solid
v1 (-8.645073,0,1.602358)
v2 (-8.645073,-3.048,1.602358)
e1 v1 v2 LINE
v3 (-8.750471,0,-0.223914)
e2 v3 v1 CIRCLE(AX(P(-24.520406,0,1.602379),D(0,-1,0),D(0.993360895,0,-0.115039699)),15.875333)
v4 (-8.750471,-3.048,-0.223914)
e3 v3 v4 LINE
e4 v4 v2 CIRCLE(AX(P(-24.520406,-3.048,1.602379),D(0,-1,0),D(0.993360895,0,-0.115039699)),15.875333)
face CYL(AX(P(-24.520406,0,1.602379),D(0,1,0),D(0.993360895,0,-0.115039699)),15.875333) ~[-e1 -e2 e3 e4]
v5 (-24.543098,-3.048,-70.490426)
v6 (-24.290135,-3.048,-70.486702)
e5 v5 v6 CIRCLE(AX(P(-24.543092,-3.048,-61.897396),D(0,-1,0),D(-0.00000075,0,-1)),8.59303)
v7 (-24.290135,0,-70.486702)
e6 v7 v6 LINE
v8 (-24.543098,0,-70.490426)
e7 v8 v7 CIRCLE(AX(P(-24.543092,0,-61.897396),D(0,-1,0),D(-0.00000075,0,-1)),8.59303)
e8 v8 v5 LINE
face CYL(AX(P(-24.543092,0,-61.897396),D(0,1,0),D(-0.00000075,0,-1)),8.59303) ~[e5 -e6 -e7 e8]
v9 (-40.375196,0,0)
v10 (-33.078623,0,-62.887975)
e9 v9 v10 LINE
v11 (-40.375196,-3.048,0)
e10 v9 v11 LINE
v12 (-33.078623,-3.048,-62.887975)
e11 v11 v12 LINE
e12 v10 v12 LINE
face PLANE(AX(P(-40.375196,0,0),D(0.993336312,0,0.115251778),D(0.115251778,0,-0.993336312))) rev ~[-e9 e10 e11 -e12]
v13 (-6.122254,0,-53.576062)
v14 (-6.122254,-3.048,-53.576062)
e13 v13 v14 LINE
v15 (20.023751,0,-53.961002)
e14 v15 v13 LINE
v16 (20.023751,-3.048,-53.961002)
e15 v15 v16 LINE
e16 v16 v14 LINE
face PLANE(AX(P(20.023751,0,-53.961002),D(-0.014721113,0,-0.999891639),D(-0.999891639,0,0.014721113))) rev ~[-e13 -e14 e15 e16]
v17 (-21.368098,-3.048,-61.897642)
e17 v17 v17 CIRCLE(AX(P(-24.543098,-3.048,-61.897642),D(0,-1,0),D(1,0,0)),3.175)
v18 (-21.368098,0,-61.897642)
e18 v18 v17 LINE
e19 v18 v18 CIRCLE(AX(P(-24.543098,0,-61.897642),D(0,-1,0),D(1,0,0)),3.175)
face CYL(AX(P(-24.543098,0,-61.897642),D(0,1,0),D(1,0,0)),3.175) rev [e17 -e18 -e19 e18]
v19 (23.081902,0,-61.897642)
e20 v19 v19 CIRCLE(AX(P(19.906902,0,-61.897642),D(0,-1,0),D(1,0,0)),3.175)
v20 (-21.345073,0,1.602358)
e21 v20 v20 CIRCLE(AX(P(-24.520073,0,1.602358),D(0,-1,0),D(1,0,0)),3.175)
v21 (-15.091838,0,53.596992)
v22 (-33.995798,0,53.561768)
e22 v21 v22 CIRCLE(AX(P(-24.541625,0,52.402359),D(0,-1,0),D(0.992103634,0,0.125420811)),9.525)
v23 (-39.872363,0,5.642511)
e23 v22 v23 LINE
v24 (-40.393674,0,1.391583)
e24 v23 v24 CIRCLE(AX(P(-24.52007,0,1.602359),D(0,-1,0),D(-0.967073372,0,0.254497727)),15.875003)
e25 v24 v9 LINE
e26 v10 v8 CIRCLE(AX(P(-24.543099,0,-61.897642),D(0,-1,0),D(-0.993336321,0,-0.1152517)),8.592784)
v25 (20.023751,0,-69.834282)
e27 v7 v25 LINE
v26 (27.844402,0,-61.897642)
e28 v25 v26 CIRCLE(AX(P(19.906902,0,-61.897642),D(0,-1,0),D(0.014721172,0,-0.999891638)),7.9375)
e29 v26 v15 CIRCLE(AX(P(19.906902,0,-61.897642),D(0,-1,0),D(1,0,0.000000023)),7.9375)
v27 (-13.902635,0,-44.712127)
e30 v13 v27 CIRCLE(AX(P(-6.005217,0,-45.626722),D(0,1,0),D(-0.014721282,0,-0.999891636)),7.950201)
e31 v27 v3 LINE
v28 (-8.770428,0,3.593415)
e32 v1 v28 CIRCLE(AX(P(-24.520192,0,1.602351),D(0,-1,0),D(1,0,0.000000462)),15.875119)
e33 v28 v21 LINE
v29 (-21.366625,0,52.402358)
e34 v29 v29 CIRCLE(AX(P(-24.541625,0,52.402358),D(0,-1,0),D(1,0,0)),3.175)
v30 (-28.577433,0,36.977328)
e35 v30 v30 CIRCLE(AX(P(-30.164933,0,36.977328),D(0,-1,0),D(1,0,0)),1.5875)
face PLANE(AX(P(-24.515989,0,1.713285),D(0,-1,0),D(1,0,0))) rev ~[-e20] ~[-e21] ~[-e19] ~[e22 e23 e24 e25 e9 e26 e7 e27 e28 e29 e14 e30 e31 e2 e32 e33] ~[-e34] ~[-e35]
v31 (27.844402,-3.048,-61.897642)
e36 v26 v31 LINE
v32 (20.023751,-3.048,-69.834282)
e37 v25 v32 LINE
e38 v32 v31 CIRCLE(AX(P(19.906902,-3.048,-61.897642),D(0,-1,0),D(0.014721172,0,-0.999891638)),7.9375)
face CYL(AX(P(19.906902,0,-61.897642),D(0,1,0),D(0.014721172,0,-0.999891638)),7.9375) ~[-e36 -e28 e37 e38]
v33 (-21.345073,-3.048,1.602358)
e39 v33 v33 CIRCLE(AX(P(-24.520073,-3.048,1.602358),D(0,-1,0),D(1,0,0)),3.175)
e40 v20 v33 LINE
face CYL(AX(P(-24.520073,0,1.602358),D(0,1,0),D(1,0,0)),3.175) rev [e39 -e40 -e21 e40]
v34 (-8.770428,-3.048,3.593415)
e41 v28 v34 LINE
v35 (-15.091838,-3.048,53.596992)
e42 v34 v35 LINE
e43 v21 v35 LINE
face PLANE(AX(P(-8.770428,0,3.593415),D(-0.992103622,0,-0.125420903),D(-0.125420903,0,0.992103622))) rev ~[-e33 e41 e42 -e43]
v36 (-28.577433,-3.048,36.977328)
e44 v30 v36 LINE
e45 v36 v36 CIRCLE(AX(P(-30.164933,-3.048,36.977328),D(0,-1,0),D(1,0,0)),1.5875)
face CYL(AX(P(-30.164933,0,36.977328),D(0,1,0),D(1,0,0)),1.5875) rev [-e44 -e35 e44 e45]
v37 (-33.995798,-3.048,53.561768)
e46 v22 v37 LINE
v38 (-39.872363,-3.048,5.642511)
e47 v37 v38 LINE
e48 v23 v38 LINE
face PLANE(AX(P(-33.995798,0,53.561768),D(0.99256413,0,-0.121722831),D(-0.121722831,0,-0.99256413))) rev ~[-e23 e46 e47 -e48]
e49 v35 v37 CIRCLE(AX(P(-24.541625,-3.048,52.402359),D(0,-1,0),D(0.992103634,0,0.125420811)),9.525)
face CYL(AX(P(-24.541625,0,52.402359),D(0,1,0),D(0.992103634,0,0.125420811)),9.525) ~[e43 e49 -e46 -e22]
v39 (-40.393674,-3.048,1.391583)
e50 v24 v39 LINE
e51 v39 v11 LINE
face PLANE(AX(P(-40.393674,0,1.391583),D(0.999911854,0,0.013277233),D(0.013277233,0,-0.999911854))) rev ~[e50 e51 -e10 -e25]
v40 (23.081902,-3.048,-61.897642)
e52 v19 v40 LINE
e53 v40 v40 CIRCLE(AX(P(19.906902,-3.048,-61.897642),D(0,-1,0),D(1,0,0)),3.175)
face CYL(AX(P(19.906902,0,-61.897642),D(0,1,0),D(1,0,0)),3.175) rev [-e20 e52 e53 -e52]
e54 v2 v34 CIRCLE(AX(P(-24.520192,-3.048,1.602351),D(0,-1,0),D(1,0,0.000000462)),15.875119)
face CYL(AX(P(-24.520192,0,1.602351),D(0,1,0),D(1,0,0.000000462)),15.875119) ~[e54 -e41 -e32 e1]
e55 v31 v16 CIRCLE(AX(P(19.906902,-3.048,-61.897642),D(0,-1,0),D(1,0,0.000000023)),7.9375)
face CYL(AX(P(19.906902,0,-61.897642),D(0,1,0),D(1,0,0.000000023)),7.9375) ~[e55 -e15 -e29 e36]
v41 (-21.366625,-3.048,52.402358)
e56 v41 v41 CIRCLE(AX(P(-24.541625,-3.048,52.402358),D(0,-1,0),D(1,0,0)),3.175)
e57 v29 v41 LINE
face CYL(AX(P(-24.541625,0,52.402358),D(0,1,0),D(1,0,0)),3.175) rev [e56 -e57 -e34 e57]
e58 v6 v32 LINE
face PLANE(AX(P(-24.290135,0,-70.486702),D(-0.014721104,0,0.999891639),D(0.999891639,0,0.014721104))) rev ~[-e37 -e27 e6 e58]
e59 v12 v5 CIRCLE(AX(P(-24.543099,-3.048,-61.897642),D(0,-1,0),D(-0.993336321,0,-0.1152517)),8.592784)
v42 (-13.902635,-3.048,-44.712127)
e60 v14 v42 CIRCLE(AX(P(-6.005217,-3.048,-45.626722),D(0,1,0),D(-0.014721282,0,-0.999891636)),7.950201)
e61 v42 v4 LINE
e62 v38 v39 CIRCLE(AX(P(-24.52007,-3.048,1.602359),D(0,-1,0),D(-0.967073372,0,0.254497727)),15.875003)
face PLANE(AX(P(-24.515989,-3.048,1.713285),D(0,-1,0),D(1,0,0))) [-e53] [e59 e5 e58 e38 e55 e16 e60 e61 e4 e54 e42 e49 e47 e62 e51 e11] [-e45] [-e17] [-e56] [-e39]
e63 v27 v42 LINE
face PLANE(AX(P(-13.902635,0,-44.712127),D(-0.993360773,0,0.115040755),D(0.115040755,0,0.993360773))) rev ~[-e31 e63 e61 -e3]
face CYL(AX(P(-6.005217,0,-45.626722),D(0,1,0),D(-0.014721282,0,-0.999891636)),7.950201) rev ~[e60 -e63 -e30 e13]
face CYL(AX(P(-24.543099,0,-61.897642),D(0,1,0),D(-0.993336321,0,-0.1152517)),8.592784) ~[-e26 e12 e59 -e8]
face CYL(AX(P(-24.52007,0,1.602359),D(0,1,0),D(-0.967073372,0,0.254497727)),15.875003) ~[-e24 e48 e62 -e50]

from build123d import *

# Parameters (mm, degrees)
F0_R     = 3.175
F0_R_2   = 1.5875
F1_DEPTH = 3.048


with BuildPart() as f1:
    # F0 (on Front) → F1 (new body)
    with BuildSketch(Plane.XZ):
        with BuildLine():
            Line((-39.872363, 5.642511), (-40.393674, 1.391583))
            ThreePointArc((-40.393674, 1.391583), (-25.329494, -14.251993), (-8.750471, -0.223914))
            ThreePointArc((-8.750471, -0.223914), (-8.671445, 0.687703), (-8.645073, 1.602358))
            ThreePointArc((-8.645073, 1.602358), (-8.676443, 2.599858), (-8.770428, 3.593415))
            ThreePointArc((-8.770428, 3.593415), (-23.476439, 17.443016), (-39.872363, 5.642511))
        make_face()
        with Locations((-24.520073, 1.602358)):
            Circle(F0_R, mode=Mode.SUBTRACT)
        with BuildLine():
            ThreePointArc((-39.872363, 5.642511), (-40.277029, 3.534708), (-40.393674, 1.391583))
            Line((-40.393674, 1.391583), (-39.872363, 5.642511))
        make_face()
        with BuildLine():
            ThreePointArc((-8.750471, -0.223914), (-25.329494, -14.251993), (-40.393674, 1.391583))
            Line((-40.393674, 1.391583), (-40.375196, 0))
            Line((-40.375196, 0), (-33.078623, -62.887975))
            ThreePointArc((-33.078623, -62.887975), (-25.039092, -53.319184), (-15.950314, -61.897642))
            ThreePointArc((-15.950314, -61.897642), (-18.378295, -67.883554), (-24.290135, -70.486702))
            Line((-24.290135, -70.486702), (20.023751, -69.834282))
            ThreePointArc((20.023751, -69.834282), (11.969402, -61.897642), (20.023751, -53.961002))
            Line((20.023751, -53.961002), (-6.122254, -53.576062))
            ThreePointArc((-6.122254, -53.576062), (-11.980182, -50.87129), (-13.902635, -44.712127))
            Line((-13.902635, -44.712127), (-8.750471, -0.223914))
        make_face()
        with BuildLine():
            Line((-33.995798, 53.561768), (-39.872363, 5.642511))
            ThreePointArc((-39.872363, 5.642511), (-23.476439, 17.443016), (-8.770428, 3.593415))
            Line((-8.770428, 3.593415), (-15.091838, 53.596992))
            ThreePointArc((-15.091838, 53.596992), (-15.035447, 53.000858), (-15.016625, 52.402358))
            ThreePointArc((-15.016625, 52.402358), (-25.12241, 42.895081), (-33.995798, 53.561768))
        make_face()
        with Locations((-30.164933, 36.977328)):
            Circle(F0_R_2, mode=Mode.SUBTRACT)
        with BuildLine():
            ThreePointArc((-15.091838, 53.596992), (-24.559373, 61.927342), (-33.995798, 53.561768))
            ThreePointArc((-33.995798, 53.561768), (-25.12241, 42.895081), (-15.016625, 52.402358))
            ThreePointArc((-15.016625, 52.402358), (-15.035447, 53.000858), (-15.091838, 53.596992))
        make_face()
        with Locations((-24.541625, 52.402358)):
            Circle(F0_R, mode=Mode.SUBTRACT)
        with BuildLine():
            ThreePointArc((-15.950314, -61.897642), (-25.039092, -53.319184), (-33.078623, -62.887975))
            ThreePointArc((-33.078623, -62.887975), (-30.258263, -68.314248), (-24.543098, -70.490426))
            Line((-24.543098, -70.490426), (-24.290135, -70.486702))
            ThreePointArc((-24.290135, -70.486702), (-18.378295, -67.883554), (-15.950314, -61.897642))
        make_face()
        with Locations((-24.543098, -61.897642)):
            Circle(F0_R, mode=Mode.SUBTRACT)
        with BuildLine():
            Line((-24.290135, -70.486702), (-24.543098, -70.490426))
            ThreePointArc((-24.543098, -70.490426), (-24.416603, -70.489495), (-24.290135, -70.486702))
        make_face()
        with BuildLine():
            ThreePointArc((27.844402, -61.897642), (25.560723, -56.326447), (20.023751, -53.961002))
            ThreePointArc((20.023751, -53.961002), (11.969402, -61.897642), (20.023751, -69.834282))
            ThreePointArc((20.023751, -69.834282), (25.560723, -67.468837), (27.844402, -61.897642))
        make_face()
        with Locations((19.906902, -61.897642)):
            Circle(F0_R, mode=Mode.SUBTRACT)
    extrude(amount=F1_DEPTH)


solid = f1.part
